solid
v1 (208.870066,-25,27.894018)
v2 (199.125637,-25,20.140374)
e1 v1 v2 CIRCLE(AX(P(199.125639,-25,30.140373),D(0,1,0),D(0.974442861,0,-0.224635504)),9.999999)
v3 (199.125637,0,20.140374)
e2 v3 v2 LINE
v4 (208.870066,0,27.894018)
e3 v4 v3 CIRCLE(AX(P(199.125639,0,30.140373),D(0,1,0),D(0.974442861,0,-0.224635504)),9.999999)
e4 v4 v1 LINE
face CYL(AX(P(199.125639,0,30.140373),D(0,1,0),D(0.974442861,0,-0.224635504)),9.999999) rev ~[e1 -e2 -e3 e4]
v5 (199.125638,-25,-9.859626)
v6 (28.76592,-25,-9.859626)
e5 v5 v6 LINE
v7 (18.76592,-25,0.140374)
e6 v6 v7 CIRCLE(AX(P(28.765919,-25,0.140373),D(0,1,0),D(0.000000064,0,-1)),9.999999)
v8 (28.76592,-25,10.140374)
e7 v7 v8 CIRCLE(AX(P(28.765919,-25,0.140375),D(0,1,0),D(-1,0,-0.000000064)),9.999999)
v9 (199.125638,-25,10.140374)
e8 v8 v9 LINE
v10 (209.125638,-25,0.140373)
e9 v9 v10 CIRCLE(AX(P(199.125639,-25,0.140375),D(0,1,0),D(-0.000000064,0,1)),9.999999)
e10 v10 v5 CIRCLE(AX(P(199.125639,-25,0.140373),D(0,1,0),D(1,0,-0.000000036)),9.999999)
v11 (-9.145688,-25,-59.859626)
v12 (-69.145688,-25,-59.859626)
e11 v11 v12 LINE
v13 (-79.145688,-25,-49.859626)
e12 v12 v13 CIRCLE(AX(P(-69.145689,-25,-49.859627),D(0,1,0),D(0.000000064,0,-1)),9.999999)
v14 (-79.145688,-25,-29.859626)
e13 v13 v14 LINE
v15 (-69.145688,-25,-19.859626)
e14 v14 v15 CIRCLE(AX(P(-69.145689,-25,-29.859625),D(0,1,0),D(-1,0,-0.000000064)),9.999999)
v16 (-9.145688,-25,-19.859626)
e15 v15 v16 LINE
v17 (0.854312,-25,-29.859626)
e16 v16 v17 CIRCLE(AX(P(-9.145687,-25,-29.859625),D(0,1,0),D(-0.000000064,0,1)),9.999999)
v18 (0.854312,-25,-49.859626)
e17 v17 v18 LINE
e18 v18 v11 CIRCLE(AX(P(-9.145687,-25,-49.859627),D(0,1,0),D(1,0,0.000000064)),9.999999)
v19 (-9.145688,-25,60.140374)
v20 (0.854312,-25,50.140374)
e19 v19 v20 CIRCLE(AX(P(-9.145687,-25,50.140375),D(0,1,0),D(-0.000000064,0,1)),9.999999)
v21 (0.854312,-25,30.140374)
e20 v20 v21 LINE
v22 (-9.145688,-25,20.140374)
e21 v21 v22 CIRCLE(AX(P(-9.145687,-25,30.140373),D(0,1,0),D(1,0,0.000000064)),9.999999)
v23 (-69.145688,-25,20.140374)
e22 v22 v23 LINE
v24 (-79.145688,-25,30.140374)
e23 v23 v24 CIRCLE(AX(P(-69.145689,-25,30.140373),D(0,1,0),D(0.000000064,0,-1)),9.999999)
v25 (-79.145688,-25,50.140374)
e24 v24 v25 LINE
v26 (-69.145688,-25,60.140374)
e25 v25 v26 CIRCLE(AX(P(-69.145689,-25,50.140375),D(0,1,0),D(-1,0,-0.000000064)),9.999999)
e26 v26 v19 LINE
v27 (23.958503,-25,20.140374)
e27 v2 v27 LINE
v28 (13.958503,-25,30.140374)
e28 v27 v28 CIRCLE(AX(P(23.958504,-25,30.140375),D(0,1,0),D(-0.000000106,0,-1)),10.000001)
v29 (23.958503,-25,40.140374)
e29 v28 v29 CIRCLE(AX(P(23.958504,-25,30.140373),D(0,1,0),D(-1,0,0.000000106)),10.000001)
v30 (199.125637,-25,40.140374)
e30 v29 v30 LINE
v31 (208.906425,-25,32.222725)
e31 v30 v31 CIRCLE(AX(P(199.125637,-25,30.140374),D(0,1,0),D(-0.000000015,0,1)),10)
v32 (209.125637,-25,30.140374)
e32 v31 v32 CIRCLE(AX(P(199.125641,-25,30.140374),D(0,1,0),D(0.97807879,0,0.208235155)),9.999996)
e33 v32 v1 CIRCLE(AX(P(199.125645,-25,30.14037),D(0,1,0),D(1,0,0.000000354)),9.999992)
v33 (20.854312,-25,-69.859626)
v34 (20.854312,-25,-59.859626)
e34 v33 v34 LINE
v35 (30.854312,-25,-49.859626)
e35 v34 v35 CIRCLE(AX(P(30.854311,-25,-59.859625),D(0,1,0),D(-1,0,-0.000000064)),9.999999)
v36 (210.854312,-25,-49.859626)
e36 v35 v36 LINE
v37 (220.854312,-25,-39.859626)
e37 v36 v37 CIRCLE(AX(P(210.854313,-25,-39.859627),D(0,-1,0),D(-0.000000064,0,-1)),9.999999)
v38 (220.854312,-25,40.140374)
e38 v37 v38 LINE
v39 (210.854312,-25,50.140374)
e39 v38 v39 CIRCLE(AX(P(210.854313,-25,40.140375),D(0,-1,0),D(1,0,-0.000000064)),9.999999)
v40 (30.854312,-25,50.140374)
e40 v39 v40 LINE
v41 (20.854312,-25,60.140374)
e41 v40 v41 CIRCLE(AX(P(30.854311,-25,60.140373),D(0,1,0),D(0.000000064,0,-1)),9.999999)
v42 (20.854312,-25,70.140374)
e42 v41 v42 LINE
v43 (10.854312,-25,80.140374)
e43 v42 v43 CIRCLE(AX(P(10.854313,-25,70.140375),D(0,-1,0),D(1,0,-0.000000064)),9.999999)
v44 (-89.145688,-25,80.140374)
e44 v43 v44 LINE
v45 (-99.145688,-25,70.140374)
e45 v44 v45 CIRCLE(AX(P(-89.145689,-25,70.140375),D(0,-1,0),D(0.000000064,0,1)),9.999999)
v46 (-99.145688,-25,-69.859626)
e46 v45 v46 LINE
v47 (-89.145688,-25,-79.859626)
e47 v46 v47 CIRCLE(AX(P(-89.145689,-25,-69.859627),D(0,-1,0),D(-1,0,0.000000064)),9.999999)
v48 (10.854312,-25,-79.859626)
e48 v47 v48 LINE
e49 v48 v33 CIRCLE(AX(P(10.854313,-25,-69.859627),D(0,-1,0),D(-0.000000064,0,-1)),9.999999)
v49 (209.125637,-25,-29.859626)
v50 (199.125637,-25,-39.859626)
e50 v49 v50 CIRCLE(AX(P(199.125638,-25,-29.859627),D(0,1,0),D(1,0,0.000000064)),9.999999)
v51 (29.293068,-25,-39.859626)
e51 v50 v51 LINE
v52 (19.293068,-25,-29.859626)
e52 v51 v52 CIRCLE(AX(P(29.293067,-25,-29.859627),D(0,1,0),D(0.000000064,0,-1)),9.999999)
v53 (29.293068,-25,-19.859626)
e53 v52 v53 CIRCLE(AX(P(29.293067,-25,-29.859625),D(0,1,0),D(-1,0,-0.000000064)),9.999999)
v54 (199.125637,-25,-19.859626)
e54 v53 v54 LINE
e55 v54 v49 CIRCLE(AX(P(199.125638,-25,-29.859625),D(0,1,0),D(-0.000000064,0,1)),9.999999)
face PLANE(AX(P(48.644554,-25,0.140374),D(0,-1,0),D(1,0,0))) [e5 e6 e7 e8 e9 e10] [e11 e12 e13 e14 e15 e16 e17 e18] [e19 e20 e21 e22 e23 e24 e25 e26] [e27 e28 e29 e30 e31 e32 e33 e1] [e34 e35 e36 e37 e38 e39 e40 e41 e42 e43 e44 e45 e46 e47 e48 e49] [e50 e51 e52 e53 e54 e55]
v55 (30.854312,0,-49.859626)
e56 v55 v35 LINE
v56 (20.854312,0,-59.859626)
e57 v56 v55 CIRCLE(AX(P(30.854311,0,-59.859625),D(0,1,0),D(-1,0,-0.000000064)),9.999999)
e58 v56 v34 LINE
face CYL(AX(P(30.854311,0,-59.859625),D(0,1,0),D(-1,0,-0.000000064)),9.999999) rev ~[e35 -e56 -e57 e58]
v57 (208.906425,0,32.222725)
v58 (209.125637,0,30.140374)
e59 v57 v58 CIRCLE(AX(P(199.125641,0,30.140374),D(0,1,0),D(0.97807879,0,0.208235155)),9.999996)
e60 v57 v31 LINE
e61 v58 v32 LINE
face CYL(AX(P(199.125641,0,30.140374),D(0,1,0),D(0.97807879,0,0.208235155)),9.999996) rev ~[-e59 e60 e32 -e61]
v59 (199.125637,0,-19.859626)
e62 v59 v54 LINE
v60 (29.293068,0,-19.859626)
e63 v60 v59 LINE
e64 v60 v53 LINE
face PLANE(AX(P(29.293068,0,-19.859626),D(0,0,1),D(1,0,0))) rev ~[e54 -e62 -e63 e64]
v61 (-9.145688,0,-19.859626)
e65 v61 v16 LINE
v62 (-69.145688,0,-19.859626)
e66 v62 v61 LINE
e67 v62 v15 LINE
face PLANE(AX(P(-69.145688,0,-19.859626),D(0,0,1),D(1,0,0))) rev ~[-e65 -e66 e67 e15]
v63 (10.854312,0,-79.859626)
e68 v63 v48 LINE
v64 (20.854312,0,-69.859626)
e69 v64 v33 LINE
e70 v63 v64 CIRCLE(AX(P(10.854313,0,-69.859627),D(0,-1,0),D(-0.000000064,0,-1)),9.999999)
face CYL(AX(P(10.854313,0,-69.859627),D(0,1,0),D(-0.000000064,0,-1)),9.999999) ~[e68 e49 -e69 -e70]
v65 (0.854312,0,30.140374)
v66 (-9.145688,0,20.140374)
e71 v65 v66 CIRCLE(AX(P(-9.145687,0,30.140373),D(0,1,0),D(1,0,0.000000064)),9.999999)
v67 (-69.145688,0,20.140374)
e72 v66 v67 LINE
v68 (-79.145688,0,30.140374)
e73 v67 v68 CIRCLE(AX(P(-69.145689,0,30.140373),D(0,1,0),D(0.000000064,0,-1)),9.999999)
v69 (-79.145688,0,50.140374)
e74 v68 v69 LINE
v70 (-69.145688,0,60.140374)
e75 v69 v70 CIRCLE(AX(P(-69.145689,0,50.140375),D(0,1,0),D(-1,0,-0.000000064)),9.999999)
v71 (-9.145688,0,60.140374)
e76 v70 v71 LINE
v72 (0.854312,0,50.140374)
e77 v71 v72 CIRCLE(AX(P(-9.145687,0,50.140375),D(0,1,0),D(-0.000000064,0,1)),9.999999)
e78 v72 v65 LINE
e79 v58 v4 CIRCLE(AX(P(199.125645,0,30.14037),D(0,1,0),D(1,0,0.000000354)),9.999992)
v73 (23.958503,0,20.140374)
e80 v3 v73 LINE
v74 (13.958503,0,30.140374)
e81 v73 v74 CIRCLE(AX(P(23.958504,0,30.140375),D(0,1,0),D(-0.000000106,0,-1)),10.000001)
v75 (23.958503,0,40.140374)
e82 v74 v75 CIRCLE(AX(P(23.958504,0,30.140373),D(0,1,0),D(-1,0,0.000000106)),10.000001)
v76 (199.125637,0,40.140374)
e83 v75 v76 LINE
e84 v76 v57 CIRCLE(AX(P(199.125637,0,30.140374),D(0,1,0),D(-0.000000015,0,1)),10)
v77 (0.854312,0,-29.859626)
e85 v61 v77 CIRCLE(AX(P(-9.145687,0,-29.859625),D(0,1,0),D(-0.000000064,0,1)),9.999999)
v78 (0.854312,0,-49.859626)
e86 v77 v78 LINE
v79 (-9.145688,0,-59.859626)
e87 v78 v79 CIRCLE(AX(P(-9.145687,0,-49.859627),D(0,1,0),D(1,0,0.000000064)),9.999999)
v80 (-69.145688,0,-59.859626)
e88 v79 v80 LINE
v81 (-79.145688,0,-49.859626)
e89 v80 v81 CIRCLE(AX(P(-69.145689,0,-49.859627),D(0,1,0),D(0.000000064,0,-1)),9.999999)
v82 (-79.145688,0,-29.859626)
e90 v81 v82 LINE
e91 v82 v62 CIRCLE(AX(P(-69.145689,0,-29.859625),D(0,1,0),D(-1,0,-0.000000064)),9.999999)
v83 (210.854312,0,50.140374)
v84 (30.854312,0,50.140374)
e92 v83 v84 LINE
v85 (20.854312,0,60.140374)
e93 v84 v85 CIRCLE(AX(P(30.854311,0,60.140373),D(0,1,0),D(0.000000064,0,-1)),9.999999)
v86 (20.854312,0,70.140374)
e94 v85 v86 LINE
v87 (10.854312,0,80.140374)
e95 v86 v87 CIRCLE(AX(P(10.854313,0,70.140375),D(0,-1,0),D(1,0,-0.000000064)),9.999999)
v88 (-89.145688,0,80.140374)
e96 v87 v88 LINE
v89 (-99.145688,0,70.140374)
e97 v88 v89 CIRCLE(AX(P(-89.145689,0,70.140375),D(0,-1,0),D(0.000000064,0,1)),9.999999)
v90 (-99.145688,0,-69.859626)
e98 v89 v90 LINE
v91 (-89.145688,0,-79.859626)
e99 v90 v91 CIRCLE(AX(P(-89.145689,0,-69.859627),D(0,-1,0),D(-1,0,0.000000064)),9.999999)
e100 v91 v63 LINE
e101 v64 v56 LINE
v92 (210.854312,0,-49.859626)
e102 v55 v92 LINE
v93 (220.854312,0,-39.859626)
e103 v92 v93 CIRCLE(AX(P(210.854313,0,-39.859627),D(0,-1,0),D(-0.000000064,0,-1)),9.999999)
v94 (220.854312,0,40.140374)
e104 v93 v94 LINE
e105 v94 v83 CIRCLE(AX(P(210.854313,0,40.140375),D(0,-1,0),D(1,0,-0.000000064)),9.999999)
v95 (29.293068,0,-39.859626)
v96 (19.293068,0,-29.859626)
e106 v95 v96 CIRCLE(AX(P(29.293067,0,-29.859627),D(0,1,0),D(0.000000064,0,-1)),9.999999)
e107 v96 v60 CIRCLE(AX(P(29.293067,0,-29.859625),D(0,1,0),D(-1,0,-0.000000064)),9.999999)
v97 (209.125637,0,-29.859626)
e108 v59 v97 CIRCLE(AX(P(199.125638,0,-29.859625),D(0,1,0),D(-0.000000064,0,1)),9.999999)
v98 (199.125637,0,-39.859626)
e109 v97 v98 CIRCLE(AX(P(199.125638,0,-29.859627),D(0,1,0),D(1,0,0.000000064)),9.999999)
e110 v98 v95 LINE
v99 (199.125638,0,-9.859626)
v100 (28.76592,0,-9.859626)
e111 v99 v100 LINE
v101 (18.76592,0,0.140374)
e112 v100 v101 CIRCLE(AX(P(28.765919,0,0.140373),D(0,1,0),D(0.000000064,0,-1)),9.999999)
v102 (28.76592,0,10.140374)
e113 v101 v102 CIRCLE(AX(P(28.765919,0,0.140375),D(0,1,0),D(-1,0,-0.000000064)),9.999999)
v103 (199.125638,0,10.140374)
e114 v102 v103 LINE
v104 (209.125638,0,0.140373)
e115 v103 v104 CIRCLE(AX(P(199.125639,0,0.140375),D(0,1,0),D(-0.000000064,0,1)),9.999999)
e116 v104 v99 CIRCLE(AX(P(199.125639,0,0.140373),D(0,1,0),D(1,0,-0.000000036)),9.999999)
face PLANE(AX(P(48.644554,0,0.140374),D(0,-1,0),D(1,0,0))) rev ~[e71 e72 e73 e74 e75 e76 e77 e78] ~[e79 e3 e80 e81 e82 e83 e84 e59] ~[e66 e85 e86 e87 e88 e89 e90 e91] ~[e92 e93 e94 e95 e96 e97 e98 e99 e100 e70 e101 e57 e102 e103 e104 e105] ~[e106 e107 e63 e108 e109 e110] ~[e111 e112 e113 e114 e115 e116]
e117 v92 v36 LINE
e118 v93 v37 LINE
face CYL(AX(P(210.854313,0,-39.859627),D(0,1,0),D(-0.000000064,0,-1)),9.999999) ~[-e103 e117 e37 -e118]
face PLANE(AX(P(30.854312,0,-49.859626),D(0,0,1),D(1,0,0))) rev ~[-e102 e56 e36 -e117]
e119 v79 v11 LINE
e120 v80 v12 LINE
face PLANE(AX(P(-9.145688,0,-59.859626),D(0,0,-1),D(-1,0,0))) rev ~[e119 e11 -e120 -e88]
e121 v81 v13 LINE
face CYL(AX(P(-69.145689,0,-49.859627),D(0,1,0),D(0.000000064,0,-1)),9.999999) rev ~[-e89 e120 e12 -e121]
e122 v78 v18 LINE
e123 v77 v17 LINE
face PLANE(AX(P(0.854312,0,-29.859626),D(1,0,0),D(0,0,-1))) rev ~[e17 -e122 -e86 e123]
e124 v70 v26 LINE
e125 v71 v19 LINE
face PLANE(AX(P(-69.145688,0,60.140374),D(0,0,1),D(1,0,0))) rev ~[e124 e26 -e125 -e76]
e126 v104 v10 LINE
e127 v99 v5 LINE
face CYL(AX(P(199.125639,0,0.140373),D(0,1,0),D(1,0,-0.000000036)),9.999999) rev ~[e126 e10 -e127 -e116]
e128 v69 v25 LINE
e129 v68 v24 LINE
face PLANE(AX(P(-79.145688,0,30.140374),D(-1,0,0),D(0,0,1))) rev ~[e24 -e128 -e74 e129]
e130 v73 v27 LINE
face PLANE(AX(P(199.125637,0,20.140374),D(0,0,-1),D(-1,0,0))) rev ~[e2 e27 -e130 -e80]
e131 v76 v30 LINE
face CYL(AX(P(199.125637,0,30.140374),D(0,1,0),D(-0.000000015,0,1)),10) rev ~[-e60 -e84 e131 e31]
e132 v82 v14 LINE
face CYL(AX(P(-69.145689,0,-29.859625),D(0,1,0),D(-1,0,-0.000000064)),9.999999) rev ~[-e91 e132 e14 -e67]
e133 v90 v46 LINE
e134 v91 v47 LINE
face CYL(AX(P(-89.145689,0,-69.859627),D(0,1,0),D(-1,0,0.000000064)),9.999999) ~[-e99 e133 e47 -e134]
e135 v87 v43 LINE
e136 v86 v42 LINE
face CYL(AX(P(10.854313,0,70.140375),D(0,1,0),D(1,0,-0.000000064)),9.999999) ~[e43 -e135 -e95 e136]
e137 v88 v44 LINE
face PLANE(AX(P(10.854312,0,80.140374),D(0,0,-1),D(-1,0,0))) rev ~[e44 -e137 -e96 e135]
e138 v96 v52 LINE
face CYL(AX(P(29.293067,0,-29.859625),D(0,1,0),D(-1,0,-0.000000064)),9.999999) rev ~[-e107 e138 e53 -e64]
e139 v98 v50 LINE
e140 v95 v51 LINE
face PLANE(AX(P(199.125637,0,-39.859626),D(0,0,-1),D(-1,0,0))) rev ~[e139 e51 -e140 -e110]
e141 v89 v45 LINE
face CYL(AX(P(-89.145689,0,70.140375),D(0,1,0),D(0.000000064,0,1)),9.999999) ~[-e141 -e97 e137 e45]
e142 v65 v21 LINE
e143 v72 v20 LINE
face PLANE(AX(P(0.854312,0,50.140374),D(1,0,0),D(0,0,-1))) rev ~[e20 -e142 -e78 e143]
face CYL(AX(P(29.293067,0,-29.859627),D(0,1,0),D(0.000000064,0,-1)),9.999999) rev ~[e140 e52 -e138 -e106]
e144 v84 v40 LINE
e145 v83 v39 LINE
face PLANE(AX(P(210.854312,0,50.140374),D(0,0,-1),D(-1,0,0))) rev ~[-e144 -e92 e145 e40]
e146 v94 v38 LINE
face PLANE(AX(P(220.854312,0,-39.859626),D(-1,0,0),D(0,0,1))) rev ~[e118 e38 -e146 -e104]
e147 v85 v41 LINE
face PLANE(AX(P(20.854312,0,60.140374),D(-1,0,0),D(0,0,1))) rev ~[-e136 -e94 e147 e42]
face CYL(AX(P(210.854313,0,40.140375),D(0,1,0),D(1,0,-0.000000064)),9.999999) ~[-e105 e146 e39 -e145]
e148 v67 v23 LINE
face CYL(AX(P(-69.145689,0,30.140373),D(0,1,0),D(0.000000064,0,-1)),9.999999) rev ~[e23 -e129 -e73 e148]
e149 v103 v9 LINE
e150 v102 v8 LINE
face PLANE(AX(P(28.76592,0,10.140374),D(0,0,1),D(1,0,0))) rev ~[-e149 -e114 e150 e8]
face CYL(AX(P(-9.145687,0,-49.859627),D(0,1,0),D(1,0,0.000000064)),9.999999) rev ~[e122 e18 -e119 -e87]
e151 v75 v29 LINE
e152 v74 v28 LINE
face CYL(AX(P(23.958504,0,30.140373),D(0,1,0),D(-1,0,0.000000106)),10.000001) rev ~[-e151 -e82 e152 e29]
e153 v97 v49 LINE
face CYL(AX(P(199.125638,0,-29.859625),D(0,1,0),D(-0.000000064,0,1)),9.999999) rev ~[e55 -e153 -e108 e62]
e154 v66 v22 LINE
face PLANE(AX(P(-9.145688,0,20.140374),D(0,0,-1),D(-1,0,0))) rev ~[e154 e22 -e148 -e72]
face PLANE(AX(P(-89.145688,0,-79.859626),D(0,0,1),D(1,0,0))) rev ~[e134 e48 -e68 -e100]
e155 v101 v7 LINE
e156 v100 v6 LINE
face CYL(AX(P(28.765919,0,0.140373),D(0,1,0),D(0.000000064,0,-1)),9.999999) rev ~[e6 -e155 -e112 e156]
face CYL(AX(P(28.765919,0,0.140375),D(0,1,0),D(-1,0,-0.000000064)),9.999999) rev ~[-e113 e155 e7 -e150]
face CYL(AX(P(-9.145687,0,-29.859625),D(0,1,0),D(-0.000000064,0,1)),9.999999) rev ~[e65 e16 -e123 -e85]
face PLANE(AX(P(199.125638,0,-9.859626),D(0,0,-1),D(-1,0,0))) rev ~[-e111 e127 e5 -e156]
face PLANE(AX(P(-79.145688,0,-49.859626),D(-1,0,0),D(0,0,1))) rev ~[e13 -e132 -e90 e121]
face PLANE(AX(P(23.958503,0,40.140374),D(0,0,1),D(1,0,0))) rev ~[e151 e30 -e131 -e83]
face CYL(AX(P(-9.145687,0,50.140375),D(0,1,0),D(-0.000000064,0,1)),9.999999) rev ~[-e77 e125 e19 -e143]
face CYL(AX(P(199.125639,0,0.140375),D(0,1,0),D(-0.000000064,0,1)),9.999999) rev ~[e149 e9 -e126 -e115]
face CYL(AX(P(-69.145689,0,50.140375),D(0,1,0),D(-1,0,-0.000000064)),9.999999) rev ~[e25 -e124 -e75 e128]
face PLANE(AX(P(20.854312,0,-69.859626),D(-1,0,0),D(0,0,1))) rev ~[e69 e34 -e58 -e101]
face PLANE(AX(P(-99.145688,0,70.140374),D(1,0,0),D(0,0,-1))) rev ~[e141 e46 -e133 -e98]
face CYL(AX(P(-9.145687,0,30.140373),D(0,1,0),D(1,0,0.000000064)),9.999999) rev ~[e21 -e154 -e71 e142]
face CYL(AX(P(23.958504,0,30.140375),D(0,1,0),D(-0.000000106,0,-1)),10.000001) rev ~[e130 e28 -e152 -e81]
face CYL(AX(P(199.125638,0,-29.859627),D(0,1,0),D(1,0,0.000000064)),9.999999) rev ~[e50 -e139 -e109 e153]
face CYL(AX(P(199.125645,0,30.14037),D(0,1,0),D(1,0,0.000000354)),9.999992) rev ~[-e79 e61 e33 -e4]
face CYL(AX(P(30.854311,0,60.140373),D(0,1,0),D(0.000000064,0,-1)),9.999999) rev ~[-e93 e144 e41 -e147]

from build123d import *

# Parameters (mm, degrees)
F1_DEPTH = 25


with BuildPart() as f1:
    # F0 (on Front) → F1 (new body)
    with BuildSketch(Plane.XZ):
        with BuildLine():
            ThreePointArc((-89.145688, 80.140374), (-96.216756, 77.211442), (-99.145688, 70.140374))
            Line((-99.145688, 70.140374), (-99.145688, -69.859626))
            ThreePointArc((-99.145688, -69.859626), (-96.216756, -76.930694), (-89.145688, -79.859626))
            Line((-89.145688, -79.859626), (10.854312, -79.859626))
            ThreePointArc((10.854312, -79.859626), (17.92538, -76.930694), (20.854312, -69.859626))
            Line((20.854312, -69.859626), (20.854312, -59.859626))
            ThreePointArc((20.854312, -59.859626), (23.783244, -52.788558), (30.854312, -49.859626))
            Line((30.854312, -49.859626), (210.854312, -49.859626))
            ThreePointArc((210.854312, -49.859626), (217.92538, -46.930694), (220.854312, -39.859626))
            Line((220.854312, -39.859626), (220.854312, 40.140374))
            ThreePointArc((220.854312, 40.140374), (217.92538, 47.211442), (210.854312, 50.140374))
            Line((210.854312, 50.140374), (30.854312, 50.140374))
            ThreePointArc((30.854312, 50.140374), (23.783244, 53.069306), (20.854312, 60.140374))
            Line((20.854312, 60.140374), (20.854312, 70.140374))
            ThreePointArc((20.854312, 70.140374), (17.92538, 77.211442), (10.854312, 80.140374))
            Line((10.854312, 80.140374), (-89.145688, 80.140374))
        make_face()
        with BuildLine():
            ThreePointArc((-79.145688, -29.859626), (-76.216756, -22.788558), (-69.145688, -19.859626))
            Line((-69.145688, -19.859626), (-9.145688, -19.859626))
            ThreePointArc((-9.145688, -19.859626), (-2.07462, -22.788558), (0.854312, -29.859626))
            Line((0.854312, -29.859626), (0.854312, -49.859626))
            ThreePointArc((0.854312, -49.859626), (-2.07462, -56.930694), (-9.145688, -59.859626))
            Line((-9.145688, -59.859626), (-69.145688, -59.859626))
            ThreePointArc((-69.145688, -59.859626), (-76.216756, -56.930694), (-79.145688, -49.859626))
            Line((-79.145688, -49.859626), (-79.145688, -29.859626))
        make_face(mode=Mode.SUBTRACT)
        with BuildLine():
            ThreePointArc((19.293068, -29.859626), (22.222, -22.788558), (29.293068, -19.859626))
            Line((29.293068, -19.859626), (199.125637, -19.859626))
            ThreePointArc((199.125637, -19.859626), (206.196705, -22.788558), (209.125637, -29.859626))
            ThreePointArc((209.125637, -29.859626), (206.196705, -36.930694), (199.125637, -39.859626))
            Line((199.125637, -39.859626), (29.293068, -39.859626))
            ThreePointArc((29.293068, -39.859626), (22.222, -36.930694), (19.293068, -29.859626))
        make_face(mode=Mode.SUBTRACT)
        with BuildLine():
            ThreePointArc((-79.145688, 50.140374), (-76.216756, 57.211442), (-69.145688, 60.140374))
            Line((-69.145688, 60.140374), (-9.145688, 60.140374))
            ThreePointArc((-9.145688, 60.140374), (-2.07462, 57.211442), (0.854312, 50.140374))
            Line((0.854312, 50.140374), (0.854312, 30.140374))
            ThreePointArc((0.854312, 30.140374), (-2.07462, 23.069306), (-9.145688, 20.140374))
            Line((-9.145688, 20.140374), (-69.145688, 20.140374))
            ThreePointArc((-69.145688, 20.140374), (-76.216756, 23.069306), (-79.145688, 30.140374))
            Line((-79.145688, 30.140374), (-79.145688, 50.140374))
        make_face(mode=Mode.SUBTRACT)
        with BuildLine():
            ThreePointArc((18.76592, 0.140374), (21.694852, 7.211442), (28.76592, 10.140374))
            Line((28.76592, 10.140374), (199.125638, 10.140374))
            ThreePointArc((199.125638, 10.140374), (206.196706, 7.211442), (209.125638, 0.140373))
            ThreePointArc((209.125638, 0.140373), (206.196706, -6.930694), (199.125638, -9.859626))
            Line((199.125638, -9.859626), (28.76592, -9.859626))
            ThreePointArc((28.76592, -9.859626), (21.694852, -6.930694), (18.76592, 0.140374))
        make_face(mode=Mode.SUBTRACT)
        with BuildLine():
            Line((23.958503, 40.140374), (199.125637, 40.140374))
            ThreePointArc((199.125637, 40.140374), (205.417556, 37.912874), (208.906425, 32.222725))
            ThreePointArc((208.906425, 32.222725), (209.070683, 31.187303), (209.125637, 30.140374))
            ThreePointArc((209.125637, 30.140374), (209.061539, 29.00995), (208.870066, 27.894018))
            ThreePointArc((208.870066, 27.894018), (205.352051, 22.3153), (199.125637, 20.140374))
            Line((199.125637, 20.140374), (23.958503, 20.140374))
            ThreePointArc((23.958503, 20.140374), (16.887436, 23.069306), (13.958503, 30.140374))
            ThreePointArc((13.958503, 30.140374), (16.887436, 37.211442), (23.958503, 40.140374))
        make_face(mode=Mode.SUBTRACT)
    extrude(amount=F1_DEPTH)


solid = f1.part
